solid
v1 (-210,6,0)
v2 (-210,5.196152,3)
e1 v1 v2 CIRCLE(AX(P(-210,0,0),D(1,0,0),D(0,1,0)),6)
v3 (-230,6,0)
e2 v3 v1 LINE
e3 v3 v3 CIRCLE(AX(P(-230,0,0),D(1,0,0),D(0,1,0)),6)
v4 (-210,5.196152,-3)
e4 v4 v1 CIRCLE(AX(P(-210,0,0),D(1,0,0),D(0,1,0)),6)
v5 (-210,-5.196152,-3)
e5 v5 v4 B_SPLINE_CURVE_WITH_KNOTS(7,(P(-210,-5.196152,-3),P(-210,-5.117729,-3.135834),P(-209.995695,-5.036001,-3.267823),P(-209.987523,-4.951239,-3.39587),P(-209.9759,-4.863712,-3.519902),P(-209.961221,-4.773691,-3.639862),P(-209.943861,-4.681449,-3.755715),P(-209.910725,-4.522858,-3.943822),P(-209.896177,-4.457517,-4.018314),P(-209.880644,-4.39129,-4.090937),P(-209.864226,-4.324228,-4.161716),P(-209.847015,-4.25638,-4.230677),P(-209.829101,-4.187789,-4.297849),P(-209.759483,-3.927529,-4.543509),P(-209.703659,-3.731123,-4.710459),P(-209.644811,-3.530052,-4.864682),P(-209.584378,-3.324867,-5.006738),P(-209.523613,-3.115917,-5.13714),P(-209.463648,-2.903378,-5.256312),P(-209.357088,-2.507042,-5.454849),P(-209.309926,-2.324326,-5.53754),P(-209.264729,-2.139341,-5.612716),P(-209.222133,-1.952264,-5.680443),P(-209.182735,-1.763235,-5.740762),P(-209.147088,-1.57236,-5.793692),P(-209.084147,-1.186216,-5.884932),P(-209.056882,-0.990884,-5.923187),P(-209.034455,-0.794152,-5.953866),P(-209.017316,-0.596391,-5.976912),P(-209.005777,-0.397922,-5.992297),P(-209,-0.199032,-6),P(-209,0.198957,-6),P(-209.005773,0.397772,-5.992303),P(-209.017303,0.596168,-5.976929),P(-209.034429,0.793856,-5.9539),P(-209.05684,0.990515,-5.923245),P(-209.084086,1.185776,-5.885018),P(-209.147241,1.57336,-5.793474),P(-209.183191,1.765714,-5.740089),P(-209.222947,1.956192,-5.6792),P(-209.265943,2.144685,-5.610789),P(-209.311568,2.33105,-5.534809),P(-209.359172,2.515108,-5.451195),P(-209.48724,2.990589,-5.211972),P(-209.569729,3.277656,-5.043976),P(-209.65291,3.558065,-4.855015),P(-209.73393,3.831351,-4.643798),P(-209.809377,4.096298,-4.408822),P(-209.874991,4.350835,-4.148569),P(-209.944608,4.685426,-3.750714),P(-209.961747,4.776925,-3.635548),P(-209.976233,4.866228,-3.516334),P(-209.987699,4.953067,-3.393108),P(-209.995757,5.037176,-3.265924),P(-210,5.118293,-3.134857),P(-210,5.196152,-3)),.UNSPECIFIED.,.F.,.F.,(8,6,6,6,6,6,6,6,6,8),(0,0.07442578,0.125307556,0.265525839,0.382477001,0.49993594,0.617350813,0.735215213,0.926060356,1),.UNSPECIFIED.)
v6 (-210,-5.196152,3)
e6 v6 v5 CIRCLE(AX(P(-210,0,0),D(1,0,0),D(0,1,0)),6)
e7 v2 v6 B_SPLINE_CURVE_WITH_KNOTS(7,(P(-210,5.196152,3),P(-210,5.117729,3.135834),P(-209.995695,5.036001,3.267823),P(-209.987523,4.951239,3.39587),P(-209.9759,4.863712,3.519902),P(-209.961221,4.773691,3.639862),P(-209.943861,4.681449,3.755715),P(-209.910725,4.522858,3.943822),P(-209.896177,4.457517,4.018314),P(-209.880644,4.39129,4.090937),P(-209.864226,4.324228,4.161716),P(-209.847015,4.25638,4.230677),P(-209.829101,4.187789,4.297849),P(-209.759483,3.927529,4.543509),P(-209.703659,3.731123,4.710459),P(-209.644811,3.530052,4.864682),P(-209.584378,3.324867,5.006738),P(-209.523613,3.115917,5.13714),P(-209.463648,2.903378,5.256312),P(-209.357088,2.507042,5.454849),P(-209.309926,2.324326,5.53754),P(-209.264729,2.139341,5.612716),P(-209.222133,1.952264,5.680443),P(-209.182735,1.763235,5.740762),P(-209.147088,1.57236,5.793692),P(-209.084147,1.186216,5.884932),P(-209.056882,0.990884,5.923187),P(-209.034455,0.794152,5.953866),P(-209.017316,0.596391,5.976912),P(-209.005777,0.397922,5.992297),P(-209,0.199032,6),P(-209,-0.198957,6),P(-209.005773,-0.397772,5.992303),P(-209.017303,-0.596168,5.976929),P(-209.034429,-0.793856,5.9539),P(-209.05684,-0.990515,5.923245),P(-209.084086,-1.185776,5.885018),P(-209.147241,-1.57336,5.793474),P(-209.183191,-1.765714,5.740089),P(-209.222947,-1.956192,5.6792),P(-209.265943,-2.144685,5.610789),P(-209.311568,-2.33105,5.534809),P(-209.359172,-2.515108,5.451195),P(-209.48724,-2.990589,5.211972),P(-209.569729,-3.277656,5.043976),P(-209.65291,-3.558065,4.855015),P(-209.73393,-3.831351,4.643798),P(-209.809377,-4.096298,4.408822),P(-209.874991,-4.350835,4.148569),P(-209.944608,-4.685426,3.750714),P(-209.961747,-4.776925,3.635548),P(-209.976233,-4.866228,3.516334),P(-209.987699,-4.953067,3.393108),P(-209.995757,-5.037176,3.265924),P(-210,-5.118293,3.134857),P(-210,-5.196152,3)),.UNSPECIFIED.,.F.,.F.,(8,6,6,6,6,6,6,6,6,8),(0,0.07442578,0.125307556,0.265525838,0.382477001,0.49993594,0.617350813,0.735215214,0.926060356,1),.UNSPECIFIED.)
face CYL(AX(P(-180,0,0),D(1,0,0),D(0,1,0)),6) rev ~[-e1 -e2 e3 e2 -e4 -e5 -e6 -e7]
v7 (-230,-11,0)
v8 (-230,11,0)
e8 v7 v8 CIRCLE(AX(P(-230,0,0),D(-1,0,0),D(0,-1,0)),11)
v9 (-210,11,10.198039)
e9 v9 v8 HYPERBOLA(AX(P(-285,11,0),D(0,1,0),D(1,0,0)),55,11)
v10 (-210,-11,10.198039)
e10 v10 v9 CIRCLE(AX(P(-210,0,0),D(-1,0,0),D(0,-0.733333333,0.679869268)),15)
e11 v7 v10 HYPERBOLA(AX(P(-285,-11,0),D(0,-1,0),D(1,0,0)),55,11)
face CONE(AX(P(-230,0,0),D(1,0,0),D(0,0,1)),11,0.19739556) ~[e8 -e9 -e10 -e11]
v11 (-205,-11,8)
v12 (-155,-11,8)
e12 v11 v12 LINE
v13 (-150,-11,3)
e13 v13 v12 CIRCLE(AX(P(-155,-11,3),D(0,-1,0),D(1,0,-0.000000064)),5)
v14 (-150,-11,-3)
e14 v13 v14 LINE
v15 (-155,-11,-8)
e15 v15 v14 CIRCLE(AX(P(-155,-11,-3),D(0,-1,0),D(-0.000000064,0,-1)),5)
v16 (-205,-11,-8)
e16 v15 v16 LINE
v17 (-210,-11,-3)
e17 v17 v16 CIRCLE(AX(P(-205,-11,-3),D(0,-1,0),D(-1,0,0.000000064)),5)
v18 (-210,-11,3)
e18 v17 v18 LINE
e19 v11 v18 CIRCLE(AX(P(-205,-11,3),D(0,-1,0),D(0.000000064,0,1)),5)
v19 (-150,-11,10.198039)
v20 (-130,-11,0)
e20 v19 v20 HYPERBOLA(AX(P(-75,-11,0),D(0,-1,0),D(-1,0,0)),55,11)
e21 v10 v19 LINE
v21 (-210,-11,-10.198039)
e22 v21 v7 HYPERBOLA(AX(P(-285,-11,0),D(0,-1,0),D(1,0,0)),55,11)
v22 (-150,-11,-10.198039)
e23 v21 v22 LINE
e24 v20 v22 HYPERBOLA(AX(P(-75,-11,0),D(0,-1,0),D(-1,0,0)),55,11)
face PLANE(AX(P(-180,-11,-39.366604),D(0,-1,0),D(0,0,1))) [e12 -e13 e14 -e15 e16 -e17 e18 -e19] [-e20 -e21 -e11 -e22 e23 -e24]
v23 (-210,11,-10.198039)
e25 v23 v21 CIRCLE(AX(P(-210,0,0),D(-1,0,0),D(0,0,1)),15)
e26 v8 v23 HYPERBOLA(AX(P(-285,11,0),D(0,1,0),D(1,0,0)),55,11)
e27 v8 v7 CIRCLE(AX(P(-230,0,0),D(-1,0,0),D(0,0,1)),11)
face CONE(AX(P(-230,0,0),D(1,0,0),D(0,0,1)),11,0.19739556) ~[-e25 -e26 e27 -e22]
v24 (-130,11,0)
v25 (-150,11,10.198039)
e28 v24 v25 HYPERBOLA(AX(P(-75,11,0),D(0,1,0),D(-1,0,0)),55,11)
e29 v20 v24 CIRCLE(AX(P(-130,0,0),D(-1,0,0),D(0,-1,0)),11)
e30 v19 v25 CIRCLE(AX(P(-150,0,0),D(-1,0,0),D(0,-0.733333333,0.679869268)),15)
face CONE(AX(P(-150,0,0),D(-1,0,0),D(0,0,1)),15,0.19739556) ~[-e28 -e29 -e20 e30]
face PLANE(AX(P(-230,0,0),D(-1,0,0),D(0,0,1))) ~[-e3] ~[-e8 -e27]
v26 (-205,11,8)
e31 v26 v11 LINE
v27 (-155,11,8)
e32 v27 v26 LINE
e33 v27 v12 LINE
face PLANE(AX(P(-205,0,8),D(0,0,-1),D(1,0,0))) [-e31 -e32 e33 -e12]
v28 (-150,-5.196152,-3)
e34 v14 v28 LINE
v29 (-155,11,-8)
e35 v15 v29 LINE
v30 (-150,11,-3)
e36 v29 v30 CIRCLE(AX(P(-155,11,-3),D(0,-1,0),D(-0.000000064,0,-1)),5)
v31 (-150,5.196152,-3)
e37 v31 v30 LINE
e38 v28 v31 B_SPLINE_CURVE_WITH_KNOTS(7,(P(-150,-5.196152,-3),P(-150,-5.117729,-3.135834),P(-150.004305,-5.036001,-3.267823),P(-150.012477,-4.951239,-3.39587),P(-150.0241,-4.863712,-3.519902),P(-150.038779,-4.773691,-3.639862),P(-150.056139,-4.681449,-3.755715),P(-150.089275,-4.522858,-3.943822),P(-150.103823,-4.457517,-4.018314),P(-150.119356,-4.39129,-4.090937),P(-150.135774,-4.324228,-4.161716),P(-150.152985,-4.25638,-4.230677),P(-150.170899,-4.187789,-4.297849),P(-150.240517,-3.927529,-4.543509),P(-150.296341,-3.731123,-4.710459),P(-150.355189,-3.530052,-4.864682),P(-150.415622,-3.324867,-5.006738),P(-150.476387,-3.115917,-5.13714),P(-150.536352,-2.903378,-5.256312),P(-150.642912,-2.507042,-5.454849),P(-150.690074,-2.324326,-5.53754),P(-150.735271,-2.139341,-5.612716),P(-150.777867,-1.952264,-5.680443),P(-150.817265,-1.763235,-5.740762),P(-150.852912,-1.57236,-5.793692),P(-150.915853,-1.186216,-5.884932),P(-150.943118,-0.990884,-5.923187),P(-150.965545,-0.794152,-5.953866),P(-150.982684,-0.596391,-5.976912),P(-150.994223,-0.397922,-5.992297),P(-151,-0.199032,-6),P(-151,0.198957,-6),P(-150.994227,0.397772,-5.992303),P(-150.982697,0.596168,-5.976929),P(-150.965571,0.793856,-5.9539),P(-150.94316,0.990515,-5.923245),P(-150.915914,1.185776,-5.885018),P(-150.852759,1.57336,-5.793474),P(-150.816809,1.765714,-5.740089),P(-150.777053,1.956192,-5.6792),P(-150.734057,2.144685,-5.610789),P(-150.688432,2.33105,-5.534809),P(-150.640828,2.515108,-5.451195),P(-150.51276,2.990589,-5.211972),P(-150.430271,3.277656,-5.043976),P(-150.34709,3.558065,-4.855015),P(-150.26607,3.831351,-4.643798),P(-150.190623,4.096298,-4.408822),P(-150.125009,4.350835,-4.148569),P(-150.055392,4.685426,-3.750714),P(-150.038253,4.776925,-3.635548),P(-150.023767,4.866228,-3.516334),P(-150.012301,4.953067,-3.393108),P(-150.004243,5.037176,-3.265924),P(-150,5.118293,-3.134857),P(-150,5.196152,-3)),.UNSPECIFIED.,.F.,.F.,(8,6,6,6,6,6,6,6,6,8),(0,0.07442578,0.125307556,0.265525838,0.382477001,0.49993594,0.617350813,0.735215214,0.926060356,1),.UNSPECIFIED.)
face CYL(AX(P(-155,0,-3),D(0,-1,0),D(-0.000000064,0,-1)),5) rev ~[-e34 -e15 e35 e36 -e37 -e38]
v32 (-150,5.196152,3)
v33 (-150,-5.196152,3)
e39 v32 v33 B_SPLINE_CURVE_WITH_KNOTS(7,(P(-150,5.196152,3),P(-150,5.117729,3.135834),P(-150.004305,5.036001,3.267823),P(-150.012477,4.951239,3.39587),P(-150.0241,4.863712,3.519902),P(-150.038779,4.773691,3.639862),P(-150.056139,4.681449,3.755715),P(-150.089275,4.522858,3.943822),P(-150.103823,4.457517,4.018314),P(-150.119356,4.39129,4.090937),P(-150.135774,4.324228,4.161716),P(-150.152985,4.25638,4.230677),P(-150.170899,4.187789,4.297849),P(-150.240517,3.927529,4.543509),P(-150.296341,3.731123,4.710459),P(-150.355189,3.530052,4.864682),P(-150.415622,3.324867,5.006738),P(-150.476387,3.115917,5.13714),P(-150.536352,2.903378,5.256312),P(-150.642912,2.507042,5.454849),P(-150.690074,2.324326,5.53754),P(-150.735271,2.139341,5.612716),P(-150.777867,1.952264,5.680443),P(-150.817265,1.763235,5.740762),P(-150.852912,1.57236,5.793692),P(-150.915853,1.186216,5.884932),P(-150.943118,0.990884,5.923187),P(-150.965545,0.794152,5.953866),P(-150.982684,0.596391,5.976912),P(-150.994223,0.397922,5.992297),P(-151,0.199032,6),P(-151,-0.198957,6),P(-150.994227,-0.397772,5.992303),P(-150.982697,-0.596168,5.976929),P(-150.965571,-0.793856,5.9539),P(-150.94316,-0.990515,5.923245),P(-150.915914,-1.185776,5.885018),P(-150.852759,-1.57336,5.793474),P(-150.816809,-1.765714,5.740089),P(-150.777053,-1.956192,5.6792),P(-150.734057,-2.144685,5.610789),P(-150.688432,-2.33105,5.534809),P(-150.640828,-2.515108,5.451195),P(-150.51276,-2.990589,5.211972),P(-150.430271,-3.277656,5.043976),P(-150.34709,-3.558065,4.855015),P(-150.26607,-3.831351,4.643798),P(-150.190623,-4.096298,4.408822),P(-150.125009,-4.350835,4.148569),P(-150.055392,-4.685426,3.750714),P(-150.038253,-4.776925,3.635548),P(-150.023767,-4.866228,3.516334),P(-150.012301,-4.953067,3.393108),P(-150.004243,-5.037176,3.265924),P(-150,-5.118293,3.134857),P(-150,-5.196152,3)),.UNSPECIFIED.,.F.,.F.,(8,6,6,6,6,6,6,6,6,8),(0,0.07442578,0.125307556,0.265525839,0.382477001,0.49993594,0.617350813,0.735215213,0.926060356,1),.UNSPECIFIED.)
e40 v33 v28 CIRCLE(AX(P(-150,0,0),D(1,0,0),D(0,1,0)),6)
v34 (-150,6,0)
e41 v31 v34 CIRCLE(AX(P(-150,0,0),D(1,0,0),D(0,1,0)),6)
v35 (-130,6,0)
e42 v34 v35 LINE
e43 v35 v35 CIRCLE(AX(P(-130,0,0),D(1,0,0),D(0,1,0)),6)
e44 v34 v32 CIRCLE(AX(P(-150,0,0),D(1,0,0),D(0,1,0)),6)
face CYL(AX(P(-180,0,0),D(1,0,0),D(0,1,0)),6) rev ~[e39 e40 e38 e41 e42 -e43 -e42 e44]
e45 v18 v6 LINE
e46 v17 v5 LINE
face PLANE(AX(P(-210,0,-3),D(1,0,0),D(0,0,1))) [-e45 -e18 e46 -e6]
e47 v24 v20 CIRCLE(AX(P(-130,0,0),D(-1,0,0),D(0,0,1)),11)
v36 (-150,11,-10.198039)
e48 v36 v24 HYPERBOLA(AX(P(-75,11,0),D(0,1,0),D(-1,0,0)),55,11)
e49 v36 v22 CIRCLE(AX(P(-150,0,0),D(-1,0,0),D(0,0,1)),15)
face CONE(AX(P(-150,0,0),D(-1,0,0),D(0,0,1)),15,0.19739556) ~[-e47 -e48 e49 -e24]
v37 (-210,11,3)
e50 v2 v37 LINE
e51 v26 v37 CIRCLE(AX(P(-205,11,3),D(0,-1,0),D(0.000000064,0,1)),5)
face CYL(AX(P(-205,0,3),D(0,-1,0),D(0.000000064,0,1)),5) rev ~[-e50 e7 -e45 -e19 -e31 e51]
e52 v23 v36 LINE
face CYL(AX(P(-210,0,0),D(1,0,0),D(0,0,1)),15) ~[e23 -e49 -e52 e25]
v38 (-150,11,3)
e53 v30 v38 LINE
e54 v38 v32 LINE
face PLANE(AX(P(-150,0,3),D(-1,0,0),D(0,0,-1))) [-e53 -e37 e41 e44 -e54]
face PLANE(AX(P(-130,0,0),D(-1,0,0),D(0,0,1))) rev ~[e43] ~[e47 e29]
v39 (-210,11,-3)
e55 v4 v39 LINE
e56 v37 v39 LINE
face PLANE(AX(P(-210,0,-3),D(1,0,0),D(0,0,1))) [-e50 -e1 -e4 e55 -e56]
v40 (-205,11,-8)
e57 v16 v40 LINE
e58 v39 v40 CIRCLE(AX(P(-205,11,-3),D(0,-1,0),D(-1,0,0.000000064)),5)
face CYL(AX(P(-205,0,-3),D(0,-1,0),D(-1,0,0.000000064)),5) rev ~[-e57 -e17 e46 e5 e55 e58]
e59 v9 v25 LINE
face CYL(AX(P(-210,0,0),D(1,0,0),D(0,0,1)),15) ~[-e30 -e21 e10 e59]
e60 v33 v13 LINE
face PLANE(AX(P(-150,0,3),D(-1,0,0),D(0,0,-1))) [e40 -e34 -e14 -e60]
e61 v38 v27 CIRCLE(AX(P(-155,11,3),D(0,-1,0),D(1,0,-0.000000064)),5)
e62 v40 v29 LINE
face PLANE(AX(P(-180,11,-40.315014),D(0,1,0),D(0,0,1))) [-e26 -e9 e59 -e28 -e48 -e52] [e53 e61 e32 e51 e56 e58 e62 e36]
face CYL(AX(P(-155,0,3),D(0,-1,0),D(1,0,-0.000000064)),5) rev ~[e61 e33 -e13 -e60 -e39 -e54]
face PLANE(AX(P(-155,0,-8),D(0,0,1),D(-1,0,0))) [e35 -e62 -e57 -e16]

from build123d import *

# Parameters (mm, degrees)
SKETCH024_R      = 6
EXTRUDE011_DEPTH = 150
EXTRUDE010_DEPTH = 30
SKETCH022_W      = 15
SKETCH022_H      = 79.05159
SKETCH022_H_2    = 80
EXTRUDE009_DEPTH = 150


with BuildPart() as extrude011:
    # Sketch024 → Extrude011 (new body, symmetric)
    with BuildSketch(Plane.YZ):
        Circle(SKETCH024_R)
    extrude(amount=EXTRUDE011_DEPTH, both=True)


with BuildPart() as extrude022:
    # Sketch023 → Extrude010 (new body, symmetric)
    with BuildSketch(Plane.XZ):
        with BuildLine():
            Line((30, 3), (30, -3))
            ThreePointArc((25, -8), (28.535534, -6.535534), (30, -3))
            Line((25, -8), (-25, -8))
            ThreePointArc((-30, -3), (-28.535534, -6.535534), (-25, -8))
            Line((-30, -3), (-30, 3))
            ThreePointArc((-25, 8), (-28.535534, 6.535534), (-30, 3))
            Line((-25, 8), (25, 8))
            ThreePointArc((30, 3), (28.535534, 6.535534), (25, 8))
        make_face()
    extrude(amount=EXTRUDE010_DEPTH, both=True)


with BuildPart() as extrude021:
    # Sketch022 → Extrude009 (new body, symmetric)
    with BuildSketch(Plane.YZ):
        with Locations((-18.5, 0.159191)):
            Rectangle(SKETCH022_W, SKETCH022_H)
        with Locations((18.5, -0.315014)):
            Rectangle(SKETCH022_W, SKETCH022_H_2)
    extrude(amount=EXTRUDE009_DEPTH, both=True)


with BuildPart() as turnbackle001:
    # Sketch021 → Revolve001 (revolve)
    with BuildSketch(Plane.XZ):
        Polygon((-50, 0), (-50, 11), (-30, 15), (30, 15), (50, 11), (50, 0), align=None)
    revolve(axis=Axis((-50, 0, 0), (-1, 0, 0)))

    # Cut009: cut Extrude021
    add(extrude021.part, mode=Mode.SUBTRACT)

    # Cut010: cut Extrude022
    add(extrude022.part, mode=Mode.SUBTRACT)

    # Cut011: cut Extrude011
    add(extrude011.part, mode=Mode.SUBTRACT)


with BuildPart() as turnbackle001_1:
    # Cut011 placement: moved
    add(turnbackle001.part.moved(Location((-180, 0, 0))))


solid = turnbackle001_1.part
